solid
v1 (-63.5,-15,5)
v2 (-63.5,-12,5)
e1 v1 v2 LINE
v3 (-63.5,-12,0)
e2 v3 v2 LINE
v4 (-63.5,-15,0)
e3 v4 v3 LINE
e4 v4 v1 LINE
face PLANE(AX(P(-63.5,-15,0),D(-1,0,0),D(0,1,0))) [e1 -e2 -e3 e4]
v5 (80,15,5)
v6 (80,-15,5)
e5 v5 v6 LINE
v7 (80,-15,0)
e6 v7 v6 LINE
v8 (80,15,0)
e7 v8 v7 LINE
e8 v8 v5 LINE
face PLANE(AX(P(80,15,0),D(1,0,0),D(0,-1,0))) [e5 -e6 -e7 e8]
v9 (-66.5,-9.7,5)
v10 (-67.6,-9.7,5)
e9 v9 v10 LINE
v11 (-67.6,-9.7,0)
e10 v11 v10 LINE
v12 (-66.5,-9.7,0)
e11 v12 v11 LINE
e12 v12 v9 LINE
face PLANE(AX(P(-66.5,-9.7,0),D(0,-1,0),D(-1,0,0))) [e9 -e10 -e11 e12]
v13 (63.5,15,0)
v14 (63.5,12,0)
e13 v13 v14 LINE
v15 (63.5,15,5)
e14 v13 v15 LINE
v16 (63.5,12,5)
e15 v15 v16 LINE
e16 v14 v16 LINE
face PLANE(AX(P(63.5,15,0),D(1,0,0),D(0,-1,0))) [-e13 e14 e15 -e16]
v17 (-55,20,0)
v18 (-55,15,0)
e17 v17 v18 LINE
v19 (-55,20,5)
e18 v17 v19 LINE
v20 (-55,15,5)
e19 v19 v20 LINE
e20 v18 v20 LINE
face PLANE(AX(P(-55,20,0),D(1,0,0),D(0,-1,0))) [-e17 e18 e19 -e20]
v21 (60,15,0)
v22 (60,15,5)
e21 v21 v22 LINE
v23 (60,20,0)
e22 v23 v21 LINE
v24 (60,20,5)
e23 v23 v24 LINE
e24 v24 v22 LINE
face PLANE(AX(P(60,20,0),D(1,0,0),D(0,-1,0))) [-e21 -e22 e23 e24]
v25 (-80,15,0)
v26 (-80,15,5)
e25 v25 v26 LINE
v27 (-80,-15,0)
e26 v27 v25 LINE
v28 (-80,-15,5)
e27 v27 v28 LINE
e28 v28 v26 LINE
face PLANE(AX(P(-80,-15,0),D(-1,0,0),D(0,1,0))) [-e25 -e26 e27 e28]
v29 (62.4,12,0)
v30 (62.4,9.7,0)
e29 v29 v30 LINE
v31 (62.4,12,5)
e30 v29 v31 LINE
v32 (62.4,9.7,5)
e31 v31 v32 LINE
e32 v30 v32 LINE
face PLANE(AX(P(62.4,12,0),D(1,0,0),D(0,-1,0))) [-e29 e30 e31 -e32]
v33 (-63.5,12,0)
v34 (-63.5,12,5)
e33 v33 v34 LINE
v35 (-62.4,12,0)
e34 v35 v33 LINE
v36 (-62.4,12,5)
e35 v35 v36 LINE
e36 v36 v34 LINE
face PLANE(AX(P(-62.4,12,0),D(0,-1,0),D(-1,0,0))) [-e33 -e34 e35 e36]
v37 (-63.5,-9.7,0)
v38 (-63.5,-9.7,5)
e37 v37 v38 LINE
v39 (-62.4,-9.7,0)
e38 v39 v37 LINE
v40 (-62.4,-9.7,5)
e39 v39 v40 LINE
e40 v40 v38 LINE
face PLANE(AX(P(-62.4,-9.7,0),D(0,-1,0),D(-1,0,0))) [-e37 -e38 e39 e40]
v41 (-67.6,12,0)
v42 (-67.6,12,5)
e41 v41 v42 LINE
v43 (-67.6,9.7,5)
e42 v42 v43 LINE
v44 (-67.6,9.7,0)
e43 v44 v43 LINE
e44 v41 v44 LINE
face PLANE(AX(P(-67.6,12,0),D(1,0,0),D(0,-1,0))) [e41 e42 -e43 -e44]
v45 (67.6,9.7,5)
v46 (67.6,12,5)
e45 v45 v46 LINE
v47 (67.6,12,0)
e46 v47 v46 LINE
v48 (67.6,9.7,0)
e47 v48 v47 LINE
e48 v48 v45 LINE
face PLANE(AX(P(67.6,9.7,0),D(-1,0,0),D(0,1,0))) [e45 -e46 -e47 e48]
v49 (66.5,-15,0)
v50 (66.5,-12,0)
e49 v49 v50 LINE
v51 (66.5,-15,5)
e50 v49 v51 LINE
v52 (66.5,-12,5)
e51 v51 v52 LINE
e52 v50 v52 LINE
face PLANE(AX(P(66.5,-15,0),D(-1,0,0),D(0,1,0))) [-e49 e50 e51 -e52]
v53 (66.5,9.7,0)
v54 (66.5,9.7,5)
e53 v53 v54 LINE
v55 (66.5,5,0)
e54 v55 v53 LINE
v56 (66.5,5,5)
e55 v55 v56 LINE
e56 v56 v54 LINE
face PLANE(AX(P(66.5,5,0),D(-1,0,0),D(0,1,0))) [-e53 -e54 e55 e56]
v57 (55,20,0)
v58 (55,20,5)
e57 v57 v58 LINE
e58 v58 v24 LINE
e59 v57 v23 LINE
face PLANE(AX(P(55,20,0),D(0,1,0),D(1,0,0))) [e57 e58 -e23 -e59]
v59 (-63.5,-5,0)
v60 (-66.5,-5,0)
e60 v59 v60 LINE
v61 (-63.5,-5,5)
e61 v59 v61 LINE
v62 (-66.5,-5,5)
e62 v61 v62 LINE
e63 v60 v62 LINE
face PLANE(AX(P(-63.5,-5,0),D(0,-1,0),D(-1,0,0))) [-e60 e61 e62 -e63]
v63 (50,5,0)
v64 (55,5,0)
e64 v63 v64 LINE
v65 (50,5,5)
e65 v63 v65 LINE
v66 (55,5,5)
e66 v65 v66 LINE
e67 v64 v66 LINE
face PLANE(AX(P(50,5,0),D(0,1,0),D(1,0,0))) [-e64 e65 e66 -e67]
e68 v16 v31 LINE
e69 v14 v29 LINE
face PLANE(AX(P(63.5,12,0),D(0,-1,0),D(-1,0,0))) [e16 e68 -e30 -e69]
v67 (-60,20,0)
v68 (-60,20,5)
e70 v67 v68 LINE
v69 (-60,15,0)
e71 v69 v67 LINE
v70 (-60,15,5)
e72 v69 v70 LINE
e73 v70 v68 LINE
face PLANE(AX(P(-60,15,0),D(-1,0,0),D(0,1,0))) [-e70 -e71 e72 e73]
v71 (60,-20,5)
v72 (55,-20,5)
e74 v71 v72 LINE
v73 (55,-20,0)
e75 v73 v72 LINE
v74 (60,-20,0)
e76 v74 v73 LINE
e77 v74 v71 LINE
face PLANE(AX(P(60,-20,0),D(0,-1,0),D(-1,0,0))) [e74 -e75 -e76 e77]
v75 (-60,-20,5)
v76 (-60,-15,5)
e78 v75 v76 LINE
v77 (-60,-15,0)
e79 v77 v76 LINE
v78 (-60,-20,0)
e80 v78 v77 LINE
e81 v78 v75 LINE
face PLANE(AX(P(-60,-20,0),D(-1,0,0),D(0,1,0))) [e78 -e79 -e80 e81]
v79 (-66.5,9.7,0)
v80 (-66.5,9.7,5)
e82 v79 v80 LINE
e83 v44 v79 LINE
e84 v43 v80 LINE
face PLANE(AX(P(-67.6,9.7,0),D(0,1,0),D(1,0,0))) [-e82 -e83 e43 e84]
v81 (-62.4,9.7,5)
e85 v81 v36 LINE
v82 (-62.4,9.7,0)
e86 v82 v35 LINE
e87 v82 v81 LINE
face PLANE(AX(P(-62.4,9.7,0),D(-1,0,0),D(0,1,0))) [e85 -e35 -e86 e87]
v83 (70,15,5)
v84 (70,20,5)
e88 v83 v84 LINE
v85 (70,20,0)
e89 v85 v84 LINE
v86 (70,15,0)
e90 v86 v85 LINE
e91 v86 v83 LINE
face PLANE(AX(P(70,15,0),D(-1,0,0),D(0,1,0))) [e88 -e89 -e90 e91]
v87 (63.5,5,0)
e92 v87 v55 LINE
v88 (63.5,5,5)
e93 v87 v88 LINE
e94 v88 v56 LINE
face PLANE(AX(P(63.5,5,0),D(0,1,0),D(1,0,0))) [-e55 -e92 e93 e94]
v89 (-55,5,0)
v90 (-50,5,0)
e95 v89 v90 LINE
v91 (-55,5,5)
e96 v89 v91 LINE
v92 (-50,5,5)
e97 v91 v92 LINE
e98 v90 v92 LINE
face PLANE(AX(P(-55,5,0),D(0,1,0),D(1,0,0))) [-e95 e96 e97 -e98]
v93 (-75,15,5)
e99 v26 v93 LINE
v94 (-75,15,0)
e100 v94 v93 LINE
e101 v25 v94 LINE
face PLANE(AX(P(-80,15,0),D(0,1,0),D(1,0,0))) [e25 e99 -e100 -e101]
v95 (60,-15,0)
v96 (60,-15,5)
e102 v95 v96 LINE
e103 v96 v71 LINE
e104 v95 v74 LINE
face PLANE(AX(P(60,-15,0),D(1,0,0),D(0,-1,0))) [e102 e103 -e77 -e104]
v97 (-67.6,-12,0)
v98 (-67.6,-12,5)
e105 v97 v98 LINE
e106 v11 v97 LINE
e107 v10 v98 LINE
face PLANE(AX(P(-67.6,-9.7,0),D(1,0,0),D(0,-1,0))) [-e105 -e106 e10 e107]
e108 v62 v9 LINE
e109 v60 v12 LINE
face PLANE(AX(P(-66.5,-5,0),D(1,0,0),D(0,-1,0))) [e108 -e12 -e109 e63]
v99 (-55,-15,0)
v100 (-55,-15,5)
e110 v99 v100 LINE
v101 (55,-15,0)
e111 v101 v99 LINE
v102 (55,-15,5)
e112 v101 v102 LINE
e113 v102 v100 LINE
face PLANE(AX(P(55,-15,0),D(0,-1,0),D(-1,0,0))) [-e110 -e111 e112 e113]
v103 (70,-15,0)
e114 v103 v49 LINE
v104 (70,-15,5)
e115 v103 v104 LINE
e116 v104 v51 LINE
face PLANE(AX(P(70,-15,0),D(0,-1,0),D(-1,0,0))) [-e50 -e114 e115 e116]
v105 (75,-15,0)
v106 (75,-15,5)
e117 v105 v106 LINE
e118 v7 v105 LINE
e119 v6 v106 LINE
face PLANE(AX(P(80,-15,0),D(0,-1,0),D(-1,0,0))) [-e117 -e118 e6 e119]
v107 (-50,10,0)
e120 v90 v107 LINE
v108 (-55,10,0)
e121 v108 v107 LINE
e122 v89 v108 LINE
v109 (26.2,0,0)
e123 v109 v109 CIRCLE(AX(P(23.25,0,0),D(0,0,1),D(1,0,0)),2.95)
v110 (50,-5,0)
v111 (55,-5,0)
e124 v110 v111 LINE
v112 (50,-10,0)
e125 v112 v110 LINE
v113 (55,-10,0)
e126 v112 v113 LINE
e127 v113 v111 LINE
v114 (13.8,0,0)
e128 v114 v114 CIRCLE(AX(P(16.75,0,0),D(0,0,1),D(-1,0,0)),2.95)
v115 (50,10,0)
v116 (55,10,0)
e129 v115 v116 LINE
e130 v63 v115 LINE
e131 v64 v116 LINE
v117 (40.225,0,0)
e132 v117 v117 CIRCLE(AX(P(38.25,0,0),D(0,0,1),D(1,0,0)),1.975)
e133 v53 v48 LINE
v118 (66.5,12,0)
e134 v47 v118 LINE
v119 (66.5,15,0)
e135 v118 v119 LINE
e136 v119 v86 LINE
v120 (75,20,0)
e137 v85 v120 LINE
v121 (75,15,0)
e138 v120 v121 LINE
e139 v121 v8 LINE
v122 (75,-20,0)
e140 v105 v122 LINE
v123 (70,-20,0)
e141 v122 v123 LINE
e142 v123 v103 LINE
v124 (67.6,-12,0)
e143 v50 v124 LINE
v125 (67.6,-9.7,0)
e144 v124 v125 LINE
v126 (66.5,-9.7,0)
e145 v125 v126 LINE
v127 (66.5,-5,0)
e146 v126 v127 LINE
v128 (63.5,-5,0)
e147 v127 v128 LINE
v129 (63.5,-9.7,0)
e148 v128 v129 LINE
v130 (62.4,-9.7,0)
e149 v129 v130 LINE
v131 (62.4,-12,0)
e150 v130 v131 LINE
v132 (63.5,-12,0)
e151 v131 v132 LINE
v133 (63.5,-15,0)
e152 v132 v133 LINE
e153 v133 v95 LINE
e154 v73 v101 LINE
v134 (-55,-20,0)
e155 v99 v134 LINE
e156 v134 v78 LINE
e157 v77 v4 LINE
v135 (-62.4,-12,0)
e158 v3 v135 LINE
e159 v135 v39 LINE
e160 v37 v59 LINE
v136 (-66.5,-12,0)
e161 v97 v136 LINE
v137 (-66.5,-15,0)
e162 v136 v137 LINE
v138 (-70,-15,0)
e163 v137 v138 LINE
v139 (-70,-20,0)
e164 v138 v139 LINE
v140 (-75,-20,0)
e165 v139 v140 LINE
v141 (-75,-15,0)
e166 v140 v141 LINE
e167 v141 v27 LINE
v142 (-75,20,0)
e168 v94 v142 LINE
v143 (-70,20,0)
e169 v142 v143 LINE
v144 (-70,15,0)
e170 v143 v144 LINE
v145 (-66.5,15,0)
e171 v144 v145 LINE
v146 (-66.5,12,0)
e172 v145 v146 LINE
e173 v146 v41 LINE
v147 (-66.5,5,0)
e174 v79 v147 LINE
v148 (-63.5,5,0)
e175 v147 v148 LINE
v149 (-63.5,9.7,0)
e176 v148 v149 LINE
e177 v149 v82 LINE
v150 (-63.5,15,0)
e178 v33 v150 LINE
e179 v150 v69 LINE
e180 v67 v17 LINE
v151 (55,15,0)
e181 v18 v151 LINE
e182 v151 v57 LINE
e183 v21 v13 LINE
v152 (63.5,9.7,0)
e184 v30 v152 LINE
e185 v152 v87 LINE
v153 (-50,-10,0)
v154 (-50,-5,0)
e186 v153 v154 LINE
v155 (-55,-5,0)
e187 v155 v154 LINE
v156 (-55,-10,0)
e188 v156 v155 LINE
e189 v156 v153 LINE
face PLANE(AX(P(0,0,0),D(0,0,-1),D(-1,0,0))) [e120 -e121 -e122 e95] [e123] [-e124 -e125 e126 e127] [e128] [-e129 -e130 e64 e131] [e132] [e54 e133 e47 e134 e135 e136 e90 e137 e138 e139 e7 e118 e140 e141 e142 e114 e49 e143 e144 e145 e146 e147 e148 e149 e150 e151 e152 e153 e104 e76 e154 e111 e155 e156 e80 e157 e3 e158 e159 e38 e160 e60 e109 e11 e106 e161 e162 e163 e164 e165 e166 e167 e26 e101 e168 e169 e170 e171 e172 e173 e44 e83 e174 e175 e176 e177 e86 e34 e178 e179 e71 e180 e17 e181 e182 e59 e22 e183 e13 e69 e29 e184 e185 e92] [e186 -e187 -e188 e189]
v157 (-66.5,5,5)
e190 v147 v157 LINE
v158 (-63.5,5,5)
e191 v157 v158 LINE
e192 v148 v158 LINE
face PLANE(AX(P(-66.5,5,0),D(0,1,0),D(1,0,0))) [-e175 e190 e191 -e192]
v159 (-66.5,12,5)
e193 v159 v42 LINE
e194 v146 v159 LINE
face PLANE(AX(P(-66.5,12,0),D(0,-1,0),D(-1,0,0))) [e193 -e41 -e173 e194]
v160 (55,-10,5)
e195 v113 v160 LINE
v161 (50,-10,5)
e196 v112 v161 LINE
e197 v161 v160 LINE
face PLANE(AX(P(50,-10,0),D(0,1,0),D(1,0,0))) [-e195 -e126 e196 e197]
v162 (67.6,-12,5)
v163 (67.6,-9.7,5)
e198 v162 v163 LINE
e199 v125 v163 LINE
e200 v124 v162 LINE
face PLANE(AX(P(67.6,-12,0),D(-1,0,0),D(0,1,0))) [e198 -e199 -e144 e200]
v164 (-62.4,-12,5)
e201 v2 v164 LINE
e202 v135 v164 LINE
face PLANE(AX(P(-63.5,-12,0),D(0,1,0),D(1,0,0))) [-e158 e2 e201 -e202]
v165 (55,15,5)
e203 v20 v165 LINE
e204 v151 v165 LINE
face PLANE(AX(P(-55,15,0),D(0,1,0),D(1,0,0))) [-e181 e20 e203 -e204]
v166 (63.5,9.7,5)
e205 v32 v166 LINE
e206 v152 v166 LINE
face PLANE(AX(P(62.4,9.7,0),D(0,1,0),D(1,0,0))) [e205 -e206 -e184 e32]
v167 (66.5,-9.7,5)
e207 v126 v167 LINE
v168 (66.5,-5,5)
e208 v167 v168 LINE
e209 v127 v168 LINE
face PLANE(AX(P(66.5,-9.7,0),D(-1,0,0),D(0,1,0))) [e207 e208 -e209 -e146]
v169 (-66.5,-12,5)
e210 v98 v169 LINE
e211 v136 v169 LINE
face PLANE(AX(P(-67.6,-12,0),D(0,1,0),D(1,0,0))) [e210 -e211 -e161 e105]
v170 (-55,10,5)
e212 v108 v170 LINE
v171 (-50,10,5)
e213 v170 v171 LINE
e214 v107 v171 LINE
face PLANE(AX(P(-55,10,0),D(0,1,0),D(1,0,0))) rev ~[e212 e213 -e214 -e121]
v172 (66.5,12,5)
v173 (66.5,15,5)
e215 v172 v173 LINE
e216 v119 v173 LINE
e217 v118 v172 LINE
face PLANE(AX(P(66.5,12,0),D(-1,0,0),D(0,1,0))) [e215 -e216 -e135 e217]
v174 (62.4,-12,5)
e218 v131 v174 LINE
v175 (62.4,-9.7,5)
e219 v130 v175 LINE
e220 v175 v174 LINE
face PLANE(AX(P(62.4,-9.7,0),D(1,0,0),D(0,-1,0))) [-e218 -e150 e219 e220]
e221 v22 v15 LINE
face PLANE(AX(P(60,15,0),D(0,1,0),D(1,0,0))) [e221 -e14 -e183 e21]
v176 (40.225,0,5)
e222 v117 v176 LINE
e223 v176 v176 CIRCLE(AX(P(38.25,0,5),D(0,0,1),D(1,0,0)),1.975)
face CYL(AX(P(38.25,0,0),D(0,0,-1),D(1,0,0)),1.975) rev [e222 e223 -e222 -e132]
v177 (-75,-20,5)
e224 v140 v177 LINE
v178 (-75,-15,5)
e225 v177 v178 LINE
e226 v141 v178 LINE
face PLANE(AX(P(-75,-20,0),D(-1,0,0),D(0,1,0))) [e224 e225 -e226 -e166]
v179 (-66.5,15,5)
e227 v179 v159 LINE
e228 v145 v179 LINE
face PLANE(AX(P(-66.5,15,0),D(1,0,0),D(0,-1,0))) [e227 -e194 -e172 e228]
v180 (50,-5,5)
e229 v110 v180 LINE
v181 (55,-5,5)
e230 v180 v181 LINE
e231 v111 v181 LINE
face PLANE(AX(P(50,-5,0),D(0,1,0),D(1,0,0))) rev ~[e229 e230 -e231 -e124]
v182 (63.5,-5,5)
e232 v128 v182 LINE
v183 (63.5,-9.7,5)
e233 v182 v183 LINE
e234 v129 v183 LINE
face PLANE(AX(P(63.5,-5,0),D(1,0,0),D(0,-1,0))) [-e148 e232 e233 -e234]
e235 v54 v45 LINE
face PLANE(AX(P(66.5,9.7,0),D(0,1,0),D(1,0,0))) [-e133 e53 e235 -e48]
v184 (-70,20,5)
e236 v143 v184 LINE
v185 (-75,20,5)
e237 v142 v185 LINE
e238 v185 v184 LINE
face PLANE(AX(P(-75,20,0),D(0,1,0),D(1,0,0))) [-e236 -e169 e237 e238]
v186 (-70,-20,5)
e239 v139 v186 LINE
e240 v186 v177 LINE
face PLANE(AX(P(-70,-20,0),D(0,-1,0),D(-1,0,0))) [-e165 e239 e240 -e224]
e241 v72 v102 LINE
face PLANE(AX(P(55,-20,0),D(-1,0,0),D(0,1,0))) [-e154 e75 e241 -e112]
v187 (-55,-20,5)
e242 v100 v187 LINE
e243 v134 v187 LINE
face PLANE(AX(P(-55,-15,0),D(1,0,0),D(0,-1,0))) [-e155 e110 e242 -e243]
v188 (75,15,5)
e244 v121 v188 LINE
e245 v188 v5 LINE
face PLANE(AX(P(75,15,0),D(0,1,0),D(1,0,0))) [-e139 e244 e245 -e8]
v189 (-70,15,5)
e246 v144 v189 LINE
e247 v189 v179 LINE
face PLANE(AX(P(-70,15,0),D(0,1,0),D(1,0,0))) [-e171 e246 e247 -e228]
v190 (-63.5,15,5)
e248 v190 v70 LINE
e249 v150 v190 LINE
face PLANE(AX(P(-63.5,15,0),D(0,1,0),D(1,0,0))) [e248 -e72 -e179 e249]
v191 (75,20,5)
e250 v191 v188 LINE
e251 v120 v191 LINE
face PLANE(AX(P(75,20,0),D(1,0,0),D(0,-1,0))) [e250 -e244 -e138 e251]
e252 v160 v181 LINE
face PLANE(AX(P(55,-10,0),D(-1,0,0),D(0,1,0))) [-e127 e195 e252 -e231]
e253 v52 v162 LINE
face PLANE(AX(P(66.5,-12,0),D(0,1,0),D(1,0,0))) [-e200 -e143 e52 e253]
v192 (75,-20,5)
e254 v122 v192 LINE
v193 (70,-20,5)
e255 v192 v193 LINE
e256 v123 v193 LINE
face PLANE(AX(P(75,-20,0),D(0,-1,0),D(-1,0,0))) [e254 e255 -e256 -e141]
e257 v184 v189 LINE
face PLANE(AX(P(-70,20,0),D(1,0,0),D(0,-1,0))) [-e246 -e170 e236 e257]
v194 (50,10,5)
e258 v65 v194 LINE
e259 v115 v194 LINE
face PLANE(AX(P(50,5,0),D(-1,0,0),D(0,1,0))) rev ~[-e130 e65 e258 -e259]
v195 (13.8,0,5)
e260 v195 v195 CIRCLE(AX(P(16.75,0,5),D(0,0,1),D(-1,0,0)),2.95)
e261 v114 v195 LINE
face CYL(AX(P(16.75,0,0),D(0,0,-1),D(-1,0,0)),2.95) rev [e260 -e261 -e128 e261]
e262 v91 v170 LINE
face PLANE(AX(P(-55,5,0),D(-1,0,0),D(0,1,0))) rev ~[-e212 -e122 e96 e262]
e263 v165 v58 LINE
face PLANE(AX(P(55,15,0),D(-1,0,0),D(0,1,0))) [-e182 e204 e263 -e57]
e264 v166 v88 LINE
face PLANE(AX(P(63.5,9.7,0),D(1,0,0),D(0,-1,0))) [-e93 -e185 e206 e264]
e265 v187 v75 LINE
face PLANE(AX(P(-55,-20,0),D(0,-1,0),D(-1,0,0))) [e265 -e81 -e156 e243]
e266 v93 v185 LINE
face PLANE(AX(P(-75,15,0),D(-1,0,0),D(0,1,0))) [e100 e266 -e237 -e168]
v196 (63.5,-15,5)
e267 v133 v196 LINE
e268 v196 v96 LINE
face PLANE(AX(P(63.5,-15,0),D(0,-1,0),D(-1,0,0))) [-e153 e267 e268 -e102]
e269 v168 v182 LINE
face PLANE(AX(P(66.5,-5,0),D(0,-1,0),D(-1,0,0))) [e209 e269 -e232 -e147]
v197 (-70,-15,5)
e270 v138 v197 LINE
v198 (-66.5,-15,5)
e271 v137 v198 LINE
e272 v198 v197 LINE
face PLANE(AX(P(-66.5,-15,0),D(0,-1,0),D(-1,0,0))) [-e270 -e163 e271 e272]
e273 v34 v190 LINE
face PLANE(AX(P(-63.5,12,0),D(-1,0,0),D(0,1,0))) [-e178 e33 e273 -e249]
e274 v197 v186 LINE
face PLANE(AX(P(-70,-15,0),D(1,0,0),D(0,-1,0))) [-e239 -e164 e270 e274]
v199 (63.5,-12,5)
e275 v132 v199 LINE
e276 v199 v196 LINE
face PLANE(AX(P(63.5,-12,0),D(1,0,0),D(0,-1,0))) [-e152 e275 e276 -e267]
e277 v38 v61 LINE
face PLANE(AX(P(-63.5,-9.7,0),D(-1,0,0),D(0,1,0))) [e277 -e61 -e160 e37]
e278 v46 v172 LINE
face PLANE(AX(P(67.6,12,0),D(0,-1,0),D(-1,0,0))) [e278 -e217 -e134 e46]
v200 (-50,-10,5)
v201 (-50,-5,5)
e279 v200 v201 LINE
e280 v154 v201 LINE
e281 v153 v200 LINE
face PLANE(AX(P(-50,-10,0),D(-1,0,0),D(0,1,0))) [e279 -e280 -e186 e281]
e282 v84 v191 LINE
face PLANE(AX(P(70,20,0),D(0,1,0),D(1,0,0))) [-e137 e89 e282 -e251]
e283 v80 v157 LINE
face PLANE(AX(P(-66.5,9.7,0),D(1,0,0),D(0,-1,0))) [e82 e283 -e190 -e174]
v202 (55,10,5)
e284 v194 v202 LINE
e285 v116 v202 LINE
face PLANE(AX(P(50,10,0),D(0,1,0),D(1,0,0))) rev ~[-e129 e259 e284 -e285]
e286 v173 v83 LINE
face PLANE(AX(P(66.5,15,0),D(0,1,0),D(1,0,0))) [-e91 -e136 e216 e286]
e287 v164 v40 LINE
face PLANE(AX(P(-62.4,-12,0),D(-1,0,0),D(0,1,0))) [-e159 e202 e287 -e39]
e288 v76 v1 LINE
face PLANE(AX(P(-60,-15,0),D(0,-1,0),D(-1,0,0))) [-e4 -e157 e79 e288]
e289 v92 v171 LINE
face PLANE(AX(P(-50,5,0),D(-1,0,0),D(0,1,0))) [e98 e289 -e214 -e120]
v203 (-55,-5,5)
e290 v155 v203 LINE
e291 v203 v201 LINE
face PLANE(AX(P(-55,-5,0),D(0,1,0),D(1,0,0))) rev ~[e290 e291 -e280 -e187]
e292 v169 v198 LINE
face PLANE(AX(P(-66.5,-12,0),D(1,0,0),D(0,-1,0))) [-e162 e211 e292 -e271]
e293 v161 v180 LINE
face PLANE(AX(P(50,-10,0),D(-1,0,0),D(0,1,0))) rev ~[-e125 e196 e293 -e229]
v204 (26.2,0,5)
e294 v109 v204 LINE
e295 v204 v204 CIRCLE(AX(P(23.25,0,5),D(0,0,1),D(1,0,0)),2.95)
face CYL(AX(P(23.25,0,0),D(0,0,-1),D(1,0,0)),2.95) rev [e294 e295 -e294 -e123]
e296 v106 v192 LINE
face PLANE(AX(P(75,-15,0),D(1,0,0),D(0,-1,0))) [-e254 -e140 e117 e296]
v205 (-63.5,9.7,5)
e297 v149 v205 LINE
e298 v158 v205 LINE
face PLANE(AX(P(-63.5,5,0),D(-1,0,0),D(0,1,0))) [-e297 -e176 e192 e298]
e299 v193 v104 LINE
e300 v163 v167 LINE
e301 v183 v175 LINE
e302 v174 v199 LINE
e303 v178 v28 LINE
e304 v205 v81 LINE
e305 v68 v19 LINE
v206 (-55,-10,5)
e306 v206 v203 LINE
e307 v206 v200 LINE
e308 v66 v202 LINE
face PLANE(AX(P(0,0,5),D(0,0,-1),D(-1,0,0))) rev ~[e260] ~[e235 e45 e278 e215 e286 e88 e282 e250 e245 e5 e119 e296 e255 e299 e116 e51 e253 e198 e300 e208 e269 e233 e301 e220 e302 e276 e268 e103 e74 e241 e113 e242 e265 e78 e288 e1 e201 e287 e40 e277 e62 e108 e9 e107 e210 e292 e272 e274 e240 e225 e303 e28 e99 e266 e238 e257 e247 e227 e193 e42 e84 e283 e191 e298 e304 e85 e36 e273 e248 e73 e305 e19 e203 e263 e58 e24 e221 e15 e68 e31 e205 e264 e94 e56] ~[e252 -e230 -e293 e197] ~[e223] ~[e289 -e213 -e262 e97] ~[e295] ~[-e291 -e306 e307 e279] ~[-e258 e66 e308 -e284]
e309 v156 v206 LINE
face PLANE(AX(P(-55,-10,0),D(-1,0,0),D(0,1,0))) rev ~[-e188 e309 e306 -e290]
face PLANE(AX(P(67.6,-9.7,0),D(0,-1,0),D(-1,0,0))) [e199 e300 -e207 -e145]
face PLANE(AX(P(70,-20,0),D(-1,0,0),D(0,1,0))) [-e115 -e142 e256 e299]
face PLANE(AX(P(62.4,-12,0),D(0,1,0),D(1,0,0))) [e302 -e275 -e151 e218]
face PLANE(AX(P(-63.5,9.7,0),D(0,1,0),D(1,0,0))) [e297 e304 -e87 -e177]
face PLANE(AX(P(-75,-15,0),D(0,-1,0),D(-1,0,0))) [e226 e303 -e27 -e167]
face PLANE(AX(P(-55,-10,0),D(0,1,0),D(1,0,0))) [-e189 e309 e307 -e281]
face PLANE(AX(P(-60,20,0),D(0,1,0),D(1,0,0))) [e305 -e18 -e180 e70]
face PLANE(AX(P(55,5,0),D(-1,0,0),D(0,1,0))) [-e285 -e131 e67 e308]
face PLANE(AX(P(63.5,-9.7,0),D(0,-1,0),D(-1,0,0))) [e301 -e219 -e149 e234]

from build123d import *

# Parameters (mm, degrees)
SKETCH2_R           = 2.95
SKETCH2_R_2         = 1.975
SKETCH2_W           = 5
SKETCH2_H           = 5
BOSS_EXTRUDE1_DEPTH = 5


with BuildPart() as part:
    # Sketch2 → Boss-Extrude1 (new body)
    with BuildSketch(Plane.XY):
        Polygon((66.5, 15), (70, 15), (70, 20), (75, 20), (75, 15), (80, 15), (80, -15), (75, -15), (75, -20), (70, -20), (70, -15), (66.5, -15), (66.5, -12), (67.6, -12), (67.6, -9.7), (66.5, -9.7), (66.5, -5), (63.5, -5), (63.5, -9.7), (62.4, -9.7), (62.4, -12), (63.5, -12), (63.5, -15), (60, -15), (60, -20), (55, -20), (55, -15), (-55, -15), (-55, -20), (-60, -20), (-60, -15), (-63.5, -15), (-63.5, -12), (-62.4, -12), (-62.4, -9.7), (-63.5, -9.7), (-63.5, -5), (-66.5, -5), (-66.5, -9.7), (-67.6, -9.7), (-67.6, -12), (-66.5, -12), (-66.5, -15), (-70, -15), (-70, -20), (-75, -20), (-75, -15), (-80, -15), (-80, 15), (-75, 15), (-75, 20), (-70, 20), (-70, 15), (-66.5, 15), (-66.5, 12), (-67.6, 12), (-67.6, 9.7), (-66.5, 9.7), (-66.5, 5), (-63.5, 5), (-63.5, 9.7), (-62.4, 9.7), (-62.4, 12), (-63.5, 12), (-63.5, 15), (-60, 15), (-60, 20), (-55, 20), (-55, 15), (55, 15), (55, 20), (60, 20), (60, 15), (63.5, 15), (63.5, 12), (62.4, 12), (62.4, 9.7), (63.5, 9.7), (63.5, 5), (66.5, 5), (66.5, 9.7), (67.6, 9.7), (67.6, 12), (66.5, 12), align=None)
        with Locations((23.25, 0)):
            Circle(SKETCH2_R, mode=Mode.SUBTRACT)
        with Locations(Location((16.75, 0, 0), (0, 0, 180))):
            Circle(SKETCH2_R, mode=Mode.SUBTRACT)
        with Locations((38.25, 0)):
            Circle(SKETCH2_R_2, mode=Mode.SUBTRACT)
        with Locations((-52.5, 7.5)):
            Rectangle(SKETCH2_W, SKETCH2_H, mode=Mode.SUBTRACT)
        with Locations((-52.5, -7.5)):
            Rectangle(SKETCH2_W, SKETCH2_H, mode=Mode.SUBTRACT)
        with Locations((52.5, 7.5)):
            Rectangle(SKETCH2_W, SKETCH2_H, mode=Mode.SUBTRACT)
        with Locations((52.5, -7.5)):
            Rectangle(SKETCH2_W, SKETCH2_H, mode=Mode.SUBTRACT)
    extrude(amount=BOSS_EXTRUDE1_DEPTH)


solid = part.part
